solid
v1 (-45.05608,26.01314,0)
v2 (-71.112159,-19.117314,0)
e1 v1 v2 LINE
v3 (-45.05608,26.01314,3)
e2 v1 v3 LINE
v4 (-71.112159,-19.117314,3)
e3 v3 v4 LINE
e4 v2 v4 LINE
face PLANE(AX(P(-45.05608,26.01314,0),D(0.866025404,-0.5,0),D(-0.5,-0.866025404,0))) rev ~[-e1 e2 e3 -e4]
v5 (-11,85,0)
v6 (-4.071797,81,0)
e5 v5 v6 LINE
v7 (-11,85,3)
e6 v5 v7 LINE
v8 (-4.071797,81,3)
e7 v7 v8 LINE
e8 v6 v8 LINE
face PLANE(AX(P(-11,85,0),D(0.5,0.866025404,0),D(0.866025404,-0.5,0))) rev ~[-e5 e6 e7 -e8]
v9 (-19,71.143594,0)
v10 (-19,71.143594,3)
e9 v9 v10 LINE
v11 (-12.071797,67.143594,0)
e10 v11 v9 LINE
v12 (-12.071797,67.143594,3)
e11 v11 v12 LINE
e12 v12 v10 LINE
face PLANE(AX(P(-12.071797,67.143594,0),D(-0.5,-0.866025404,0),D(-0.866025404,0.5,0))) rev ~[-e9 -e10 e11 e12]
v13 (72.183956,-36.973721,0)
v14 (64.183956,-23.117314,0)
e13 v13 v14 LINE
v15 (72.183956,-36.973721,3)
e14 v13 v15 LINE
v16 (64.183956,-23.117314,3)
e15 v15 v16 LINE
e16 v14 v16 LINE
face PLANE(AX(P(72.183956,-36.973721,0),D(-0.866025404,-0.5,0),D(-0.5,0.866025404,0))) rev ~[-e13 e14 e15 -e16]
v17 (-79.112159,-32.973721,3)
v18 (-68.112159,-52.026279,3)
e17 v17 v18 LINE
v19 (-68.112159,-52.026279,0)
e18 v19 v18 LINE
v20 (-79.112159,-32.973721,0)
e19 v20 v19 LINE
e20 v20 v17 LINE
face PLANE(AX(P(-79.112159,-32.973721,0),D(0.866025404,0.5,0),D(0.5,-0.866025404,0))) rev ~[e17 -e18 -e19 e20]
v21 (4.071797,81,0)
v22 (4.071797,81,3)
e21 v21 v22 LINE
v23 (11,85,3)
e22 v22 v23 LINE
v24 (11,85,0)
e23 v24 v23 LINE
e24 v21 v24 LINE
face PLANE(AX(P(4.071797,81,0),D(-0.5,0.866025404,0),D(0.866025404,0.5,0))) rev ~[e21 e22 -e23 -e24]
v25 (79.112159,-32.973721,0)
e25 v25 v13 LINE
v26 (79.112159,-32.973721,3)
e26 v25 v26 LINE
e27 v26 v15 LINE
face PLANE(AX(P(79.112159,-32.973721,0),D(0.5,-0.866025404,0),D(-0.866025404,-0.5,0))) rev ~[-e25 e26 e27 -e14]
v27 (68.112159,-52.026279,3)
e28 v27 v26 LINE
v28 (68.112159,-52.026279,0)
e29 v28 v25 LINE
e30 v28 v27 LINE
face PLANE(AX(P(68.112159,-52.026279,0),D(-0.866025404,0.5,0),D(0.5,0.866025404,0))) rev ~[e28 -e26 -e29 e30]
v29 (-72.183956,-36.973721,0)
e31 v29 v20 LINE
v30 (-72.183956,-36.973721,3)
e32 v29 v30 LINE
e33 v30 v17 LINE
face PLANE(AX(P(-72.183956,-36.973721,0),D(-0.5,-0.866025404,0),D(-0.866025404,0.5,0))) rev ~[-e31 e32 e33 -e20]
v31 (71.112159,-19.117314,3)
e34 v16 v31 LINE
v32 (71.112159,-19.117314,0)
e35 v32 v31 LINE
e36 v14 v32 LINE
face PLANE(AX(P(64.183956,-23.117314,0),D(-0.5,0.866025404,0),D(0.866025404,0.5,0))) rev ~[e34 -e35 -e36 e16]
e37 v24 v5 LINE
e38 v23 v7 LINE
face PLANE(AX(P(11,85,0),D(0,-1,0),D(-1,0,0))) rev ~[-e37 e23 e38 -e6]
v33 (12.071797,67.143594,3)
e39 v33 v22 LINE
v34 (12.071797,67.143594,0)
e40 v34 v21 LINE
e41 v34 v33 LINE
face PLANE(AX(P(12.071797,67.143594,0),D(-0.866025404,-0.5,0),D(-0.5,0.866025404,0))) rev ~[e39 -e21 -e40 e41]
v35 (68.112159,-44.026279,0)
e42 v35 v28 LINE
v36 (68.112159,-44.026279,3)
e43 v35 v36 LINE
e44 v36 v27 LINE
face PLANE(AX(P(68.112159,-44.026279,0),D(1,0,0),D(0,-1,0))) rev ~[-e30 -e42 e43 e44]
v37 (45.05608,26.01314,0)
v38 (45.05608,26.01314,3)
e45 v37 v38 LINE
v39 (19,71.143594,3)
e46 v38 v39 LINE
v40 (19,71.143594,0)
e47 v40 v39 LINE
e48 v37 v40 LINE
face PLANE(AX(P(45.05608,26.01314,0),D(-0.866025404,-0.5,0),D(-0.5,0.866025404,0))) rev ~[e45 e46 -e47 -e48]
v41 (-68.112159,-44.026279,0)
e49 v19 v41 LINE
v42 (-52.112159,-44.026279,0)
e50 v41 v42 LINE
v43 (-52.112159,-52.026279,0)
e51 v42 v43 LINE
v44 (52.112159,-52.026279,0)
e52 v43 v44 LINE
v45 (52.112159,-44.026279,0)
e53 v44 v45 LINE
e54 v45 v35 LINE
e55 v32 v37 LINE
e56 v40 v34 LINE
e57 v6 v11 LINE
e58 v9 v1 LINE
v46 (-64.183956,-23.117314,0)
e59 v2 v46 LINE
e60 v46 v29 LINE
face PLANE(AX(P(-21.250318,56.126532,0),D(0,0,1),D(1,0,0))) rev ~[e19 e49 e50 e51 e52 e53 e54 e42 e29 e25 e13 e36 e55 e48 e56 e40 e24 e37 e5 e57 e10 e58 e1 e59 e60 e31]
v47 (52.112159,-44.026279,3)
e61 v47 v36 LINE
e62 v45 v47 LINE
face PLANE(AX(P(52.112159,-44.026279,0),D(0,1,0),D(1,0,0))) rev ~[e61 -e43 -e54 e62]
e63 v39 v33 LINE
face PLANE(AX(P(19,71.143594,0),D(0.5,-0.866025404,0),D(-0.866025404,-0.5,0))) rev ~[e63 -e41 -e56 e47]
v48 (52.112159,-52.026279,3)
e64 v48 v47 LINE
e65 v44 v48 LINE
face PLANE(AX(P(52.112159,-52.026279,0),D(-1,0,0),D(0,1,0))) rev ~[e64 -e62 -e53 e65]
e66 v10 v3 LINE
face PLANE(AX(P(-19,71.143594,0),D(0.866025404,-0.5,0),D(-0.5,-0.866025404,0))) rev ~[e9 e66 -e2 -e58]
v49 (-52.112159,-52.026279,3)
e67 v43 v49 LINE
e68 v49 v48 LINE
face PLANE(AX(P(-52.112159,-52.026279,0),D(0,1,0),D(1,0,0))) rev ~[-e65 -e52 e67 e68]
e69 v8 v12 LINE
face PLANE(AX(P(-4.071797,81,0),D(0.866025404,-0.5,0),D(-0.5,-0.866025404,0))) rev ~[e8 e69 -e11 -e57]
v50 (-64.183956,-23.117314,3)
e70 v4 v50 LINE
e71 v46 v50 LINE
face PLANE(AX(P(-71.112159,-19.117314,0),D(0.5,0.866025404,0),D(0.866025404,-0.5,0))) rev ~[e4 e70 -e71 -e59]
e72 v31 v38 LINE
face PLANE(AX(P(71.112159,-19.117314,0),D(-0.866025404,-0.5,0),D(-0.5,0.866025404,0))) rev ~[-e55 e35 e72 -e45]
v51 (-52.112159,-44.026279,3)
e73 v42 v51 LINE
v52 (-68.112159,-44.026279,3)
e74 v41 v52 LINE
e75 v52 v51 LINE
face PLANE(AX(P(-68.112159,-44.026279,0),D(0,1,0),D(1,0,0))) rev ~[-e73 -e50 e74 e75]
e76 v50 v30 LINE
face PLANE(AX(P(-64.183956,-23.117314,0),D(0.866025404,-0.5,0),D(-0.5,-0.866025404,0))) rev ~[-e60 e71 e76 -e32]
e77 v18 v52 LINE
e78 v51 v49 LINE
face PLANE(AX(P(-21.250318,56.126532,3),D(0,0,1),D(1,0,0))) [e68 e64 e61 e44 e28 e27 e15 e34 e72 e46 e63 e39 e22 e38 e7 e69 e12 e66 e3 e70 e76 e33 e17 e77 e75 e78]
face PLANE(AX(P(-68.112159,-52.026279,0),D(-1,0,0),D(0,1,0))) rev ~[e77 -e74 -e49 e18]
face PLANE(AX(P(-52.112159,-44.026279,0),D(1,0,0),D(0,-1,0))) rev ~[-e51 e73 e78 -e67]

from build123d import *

# Parameters (mm, degrees)
F1_DEPTH = 3


with BuildPart() as f1:
    # F0 (on Top) → F1 (new body)
    with BuildSketch(Plane.XY):
        Polygon((-36.8060796608, 21.25), (0, 85), (-11, 85), (-4.0717967697, 81), (-12.0717967697, 67.1435935394), (-19, 71.1435935394), (-45.0560796608, 26.0131397208), align=None)
        Polygon((0, 0), (0, 85), (-36.8060796608, 21.25), align=None)
        Polygon((36.8060796608, 21.25), (0, 85), (0, 0), align=None)
        Polygon((11, 85), (0, 85), (36.8060796608, 21.25), (45.0560796608, 26.0131397208), (19, 71.1435935394), (12.0717967697, 67.1435935394), (4.0717967697, 81), align=None)
        Polygon((45.0560796608, 26.0131397208), (36.8060796608, 21.25), (73.6121593217, -42.5), (79.1121593217, -32.9737205584), (72.1839560914, -36.9737205584), (64.1839560914, -23.1173140978), (71.1121593217, -19.1173140978), align=None)
        Polygon((73.6121593217, -42.5), (36.8060796608, 21.25), (0, 0), align=None)
        Polygon((73.6121593217, -42.5), (0, 0), (-73.6121593217, -42.5), align=None)
        Polygon((0, 0), (-36.8060796608, 21.25), (-73.6121593217, -42.5), align=None)
        Polygon((-73.6121593217, -42.5), (-36.8060796608, 21.25), (-45.0560796608, 26.0131397208), (-71.1121593217, -19.1173140978), (-64.1839560914, -23.1173140978), (-72.1839560914, -36.9737205584), (-79.1121593217, -32.9737205584), align=None)
        Polygon((68.1121593217, -52.0262794416), (73.6121593217, -42.5), (-73.6121593217, -42.5), (-68.1121593217, -52.0262794416), (-68.1121593217, -44.0262794416), (-52.1121593217, -44.0262794416), (-52.1121593217, -52.0262794416), (52.1121593217, -52.0262794416), (52.1121593217, -44.0262794416), (68.1121593217, -44.0262794416), align=None)
    extrude(amount=F1_DEPTH)


solid = f1.part
